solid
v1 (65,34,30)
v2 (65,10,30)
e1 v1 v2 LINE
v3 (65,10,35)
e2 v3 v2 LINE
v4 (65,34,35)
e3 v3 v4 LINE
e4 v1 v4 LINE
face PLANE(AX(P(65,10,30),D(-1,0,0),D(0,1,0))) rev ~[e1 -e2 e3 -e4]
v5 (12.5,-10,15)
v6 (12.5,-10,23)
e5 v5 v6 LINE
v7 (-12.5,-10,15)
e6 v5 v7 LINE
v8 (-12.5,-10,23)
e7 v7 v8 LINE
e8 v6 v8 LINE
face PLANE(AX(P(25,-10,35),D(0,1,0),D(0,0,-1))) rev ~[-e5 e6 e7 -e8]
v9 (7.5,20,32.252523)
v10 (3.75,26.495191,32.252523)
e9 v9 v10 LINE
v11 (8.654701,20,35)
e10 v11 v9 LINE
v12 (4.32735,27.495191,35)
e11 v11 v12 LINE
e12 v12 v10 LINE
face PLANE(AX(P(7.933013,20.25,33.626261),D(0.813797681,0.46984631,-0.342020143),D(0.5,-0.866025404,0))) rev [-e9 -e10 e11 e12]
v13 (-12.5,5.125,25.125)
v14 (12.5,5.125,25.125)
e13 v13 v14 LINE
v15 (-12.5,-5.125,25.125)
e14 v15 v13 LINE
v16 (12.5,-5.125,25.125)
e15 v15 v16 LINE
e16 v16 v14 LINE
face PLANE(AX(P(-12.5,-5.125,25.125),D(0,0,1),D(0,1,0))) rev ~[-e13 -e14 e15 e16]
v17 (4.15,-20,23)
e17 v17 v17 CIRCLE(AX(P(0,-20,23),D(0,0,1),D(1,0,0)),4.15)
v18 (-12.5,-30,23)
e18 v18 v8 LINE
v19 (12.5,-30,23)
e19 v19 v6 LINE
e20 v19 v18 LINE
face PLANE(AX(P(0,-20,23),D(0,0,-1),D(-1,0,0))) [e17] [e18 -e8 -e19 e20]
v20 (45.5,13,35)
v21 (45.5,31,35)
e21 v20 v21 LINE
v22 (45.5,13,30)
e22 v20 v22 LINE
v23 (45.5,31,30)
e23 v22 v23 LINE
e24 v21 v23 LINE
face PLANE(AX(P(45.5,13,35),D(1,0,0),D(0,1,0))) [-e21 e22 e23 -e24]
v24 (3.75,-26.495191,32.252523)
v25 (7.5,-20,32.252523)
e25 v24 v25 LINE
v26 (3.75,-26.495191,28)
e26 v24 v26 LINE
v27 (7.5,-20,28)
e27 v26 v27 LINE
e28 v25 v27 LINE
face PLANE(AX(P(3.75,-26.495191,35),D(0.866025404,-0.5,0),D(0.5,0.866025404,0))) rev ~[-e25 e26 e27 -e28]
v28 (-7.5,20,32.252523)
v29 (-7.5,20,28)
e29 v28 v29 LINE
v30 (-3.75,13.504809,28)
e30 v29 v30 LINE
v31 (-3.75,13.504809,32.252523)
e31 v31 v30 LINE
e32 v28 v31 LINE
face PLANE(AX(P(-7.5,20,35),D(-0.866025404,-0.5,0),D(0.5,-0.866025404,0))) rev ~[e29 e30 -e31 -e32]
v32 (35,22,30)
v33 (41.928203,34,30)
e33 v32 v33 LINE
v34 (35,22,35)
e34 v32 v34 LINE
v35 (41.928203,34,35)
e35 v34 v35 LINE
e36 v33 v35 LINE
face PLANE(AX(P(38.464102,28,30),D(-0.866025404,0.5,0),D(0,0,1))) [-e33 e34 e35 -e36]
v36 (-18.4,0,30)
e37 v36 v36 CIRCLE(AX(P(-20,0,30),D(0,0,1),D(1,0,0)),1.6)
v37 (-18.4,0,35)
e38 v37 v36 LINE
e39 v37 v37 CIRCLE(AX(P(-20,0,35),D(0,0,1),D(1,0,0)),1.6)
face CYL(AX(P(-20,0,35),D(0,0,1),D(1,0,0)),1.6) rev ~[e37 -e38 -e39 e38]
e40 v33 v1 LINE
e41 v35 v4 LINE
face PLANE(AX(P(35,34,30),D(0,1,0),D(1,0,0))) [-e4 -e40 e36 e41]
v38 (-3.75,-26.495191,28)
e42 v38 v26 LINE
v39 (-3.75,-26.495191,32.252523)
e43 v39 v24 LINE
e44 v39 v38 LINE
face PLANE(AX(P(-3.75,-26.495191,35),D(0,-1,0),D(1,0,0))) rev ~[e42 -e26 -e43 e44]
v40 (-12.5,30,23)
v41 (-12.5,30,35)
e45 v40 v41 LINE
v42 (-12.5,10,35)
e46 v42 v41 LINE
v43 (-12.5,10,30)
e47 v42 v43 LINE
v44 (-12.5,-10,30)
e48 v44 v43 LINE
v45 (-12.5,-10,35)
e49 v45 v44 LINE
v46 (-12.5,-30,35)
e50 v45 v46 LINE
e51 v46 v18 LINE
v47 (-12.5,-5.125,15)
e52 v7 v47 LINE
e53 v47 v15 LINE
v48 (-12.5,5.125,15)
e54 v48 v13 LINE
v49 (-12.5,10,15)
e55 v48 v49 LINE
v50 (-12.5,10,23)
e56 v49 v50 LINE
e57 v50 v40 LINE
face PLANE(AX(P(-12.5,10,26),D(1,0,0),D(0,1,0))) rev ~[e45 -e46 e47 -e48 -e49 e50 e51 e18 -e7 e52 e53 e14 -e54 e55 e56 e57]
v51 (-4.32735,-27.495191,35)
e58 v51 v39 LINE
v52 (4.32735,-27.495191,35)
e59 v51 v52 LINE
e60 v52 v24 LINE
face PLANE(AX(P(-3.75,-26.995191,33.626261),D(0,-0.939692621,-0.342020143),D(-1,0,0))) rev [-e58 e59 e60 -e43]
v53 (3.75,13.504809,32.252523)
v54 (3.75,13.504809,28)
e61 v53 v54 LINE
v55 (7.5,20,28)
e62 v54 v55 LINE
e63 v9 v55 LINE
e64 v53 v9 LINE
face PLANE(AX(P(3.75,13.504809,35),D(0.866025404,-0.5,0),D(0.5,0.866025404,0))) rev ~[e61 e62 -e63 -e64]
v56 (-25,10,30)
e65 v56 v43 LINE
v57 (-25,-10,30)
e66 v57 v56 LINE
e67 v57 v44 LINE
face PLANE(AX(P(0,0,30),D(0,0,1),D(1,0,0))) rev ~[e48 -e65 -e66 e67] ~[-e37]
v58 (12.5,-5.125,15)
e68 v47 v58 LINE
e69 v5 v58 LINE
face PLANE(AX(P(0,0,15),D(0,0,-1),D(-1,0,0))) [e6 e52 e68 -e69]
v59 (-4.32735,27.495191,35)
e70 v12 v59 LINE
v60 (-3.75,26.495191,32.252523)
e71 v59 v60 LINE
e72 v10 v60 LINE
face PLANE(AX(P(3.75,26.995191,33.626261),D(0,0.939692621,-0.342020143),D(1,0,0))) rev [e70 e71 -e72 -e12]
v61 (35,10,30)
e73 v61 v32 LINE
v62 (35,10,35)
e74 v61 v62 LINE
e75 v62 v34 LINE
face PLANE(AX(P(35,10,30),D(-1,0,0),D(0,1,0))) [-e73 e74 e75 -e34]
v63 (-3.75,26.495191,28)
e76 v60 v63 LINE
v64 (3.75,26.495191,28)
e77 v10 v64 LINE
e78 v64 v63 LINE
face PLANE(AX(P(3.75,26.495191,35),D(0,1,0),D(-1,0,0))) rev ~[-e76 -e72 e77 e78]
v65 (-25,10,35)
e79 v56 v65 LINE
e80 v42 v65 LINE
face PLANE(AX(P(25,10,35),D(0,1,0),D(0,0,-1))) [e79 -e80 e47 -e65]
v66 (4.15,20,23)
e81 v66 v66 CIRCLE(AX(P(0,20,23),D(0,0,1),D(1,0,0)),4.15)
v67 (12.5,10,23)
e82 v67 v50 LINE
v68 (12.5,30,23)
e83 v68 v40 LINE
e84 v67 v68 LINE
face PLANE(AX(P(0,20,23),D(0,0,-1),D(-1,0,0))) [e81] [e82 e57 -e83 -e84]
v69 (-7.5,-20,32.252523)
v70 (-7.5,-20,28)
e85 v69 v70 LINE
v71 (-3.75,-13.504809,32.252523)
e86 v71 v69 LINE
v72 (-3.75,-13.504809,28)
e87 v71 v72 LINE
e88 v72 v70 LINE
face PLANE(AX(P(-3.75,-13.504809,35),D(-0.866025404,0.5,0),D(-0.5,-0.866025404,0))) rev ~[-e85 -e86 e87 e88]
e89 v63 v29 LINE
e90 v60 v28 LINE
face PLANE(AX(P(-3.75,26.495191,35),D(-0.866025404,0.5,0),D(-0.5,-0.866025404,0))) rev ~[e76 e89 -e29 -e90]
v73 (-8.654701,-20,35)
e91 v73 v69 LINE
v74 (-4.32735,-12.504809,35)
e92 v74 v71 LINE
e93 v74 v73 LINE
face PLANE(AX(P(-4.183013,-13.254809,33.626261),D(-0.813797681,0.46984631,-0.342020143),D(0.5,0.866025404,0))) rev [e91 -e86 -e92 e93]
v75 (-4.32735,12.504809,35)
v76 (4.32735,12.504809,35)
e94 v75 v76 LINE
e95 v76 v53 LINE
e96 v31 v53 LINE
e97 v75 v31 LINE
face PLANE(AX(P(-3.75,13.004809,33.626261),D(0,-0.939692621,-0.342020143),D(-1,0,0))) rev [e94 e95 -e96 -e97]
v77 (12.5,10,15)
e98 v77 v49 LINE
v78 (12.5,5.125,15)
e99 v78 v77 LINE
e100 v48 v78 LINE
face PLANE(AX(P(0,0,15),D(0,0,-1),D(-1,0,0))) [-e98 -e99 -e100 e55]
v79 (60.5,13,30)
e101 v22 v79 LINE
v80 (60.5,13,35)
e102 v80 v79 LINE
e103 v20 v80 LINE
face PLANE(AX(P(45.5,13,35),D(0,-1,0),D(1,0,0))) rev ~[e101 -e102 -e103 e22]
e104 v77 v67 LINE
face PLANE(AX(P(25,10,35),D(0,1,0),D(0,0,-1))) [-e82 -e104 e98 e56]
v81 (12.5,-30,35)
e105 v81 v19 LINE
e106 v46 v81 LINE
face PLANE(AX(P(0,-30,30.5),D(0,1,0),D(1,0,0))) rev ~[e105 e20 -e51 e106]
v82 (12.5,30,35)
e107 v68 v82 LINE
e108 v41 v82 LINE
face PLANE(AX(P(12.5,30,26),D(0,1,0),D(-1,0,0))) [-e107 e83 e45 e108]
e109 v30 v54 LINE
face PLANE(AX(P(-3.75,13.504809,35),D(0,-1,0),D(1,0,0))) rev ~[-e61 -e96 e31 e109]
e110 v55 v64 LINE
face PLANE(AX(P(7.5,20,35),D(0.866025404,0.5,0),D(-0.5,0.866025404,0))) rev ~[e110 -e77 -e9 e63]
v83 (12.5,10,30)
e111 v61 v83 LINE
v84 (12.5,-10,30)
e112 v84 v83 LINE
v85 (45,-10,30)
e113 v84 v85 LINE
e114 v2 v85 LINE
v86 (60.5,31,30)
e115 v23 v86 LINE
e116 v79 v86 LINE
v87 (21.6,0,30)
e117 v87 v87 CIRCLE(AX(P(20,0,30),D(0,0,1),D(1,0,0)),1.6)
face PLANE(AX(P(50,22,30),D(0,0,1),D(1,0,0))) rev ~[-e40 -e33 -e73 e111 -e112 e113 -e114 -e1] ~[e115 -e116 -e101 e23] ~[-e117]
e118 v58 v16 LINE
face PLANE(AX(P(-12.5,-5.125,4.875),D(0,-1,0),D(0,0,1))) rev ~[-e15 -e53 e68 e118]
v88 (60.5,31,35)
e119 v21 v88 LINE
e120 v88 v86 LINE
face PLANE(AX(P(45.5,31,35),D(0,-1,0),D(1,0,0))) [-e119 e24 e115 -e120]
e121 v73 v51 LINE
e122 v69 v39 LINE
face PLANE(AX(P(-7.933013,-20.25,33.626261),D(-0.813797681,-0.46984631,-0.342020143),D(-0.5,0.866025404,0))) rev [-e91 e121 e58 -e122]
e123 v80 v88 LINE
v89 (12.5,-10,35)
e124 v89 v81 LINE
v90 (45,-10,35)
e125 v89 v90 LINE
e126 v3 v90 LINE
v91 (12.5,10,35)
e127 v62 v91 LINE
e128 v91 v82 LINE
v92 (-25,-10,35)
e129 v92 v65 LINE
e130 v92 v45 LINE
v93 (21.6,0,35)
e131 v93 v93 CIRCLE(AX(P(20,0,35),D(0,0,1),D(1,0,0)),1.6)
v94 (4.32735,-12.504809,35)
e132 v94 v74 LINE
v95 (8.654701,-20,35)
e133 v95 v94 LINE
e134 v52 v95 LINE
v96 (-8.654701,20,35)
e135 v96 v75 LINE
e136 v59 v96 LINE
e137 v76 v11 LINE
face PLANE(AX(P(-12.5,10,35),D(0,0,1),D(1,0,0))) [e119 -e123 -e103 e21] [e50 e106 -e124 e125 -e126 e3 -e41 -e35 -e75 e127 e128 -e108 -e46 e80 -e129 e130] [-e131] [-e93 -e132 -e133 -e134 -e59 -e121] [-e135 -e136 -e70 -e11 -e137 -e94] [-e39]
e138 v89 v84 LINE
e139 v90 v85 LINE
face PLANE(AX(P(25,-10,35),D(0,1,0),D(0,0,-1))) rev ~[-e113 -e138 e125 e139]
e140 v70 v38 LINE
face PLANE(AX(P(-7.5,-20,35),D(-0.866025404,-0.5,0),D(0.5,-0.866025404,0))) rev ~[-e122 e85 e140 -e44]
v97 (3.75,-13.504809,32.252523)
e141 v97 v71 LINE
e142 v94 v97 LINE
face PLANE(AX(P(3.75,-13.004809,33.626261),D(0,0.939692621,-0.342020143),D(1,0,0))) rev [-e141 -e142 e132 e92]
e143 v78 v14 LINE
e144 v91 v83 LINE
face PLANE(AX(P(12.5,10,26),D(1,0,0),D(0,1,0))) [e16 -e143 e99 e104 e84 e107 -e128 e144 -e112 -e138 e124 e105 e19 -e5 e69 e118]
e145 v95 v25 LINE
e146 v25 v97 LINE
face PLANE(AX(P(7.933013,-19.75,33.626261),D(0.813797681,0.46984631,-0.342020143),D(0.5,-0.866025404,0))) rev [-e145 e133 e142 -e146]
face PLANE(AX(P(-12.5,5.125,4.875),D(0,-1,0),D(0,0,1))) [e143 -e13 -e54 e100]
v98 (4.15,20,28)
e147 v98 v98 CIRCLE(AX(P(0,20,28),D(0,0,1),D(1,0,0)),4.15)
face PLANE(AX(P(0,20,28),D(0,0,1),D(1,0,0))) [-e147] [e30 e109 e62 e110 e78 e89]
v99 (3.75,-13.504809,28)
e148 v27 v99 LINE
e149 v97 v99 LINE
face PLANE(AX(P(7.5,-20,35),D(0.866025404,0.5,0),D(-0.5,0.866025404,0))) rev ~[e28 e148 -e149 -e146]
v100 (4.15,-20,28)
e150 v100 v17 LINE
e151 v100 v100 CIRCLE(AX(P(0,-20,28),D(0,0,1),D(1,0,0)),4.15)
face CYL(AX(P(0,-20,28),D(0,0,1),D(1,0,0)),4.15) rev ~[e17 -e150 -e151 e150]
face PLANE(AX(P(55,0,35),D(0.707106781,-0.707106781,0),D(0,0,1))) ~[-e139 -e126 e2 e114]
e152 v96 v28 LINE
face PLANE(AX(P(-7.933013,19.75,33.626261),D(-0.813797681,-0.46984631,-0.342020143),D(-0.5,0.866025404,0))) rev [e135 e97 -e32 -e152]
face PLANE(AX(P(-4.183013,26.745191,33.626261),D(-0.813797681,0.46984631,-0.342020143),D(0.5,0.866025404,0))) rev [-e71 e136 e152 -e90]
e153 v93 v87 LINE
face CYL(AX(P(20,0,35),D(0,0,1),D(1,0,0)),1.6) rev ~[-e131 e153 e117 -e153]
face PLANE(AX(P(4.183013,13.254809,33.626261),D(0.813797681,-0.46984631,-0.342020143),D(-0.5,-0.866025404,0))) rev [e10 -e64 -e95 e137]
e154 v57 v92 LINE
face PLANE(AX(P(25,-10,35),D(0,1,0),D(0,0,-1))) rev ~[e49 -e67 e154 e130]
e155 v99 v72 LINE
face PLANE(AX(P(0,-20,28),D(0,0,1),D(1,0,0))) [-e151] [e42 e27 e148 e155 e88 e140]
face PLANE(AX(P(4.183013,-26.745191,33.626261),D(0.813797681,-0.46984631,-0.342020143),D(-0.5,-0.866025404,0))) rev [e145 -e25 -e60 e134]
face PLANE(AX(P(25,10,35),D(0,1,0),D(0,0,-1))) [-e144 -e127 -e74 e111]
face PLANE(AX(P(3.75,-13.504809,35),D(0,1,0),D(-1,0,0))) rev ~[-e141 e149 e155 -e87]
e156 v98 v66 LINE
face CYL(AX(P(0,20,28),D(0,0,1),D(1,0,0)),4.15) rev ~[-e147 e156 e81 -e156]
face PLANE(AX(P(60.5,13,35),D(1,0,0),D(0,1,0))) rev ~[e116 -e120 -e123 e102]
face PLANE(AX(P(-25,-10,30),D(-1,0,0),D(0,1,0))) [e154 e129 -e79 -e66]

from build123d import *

# Parameters (mm, degrees)
SKETCH2_W                = 25
SKETCH2_H                = 20
BOSS_EXTRUDE1_DEPTH      = 30
SKETCH3_W                = 20.25
SKETCH3_H                = 10.25
CUT_EXTRUDE1_DEPTH       = 26
SKETCH4_W                = 50
SKETCH4_H                = 20
BOSS_EXTRUDE2_DEPTH      = 5
SKETCH6_R                = 1.6
CUT_EXTRUDE2_DEPTH       = 36
SKETCH9_W                = 5
SKETCH9_H                = 20
BOSS_EXTRUDE3_DEPTH      = 40
BOSS_EXTRUDE5_START      = -5
SKETCH14_W               = 30
SKETCH14_H               = 24
BOSS_EXTRUDE5_DEPTH      = 5
SKETCH19_W               = 15
SKETCH19_H               = 18
CUT_EXTRUDE5_DEPTH       = 36
CHAMFER1_SIZE            = 12
CHAMFER1_SIZE2           = 6.92820323
CHAMFER2_SIZE            = 20
SKETCH20_W               = 25
SKETCH20_H               = 9
BOSS_EXTRUDE6_DEPTH      = 20
BOSS_EXTRUDE6_DEPTH_BACK = 40
SKETCH21_W               = 25
SKETCH21_H               = 20
CUT_EXTRUDE6_DEPTH       = 15
CUT_EXTRUDE7_DEPTH       = 7
SKETCH23_W               = 25
SKETCH23_H               = 20
BOSS_EXTRUDE7_DEPTH      = 3
SKETCH24_R               = 4.15
CUT_EXTRUDE8_DEPTH       = 14
CHAMFER3_SIZE            = 1
CHAMFER3_SIZE2           = 2.747477419


with BuildPart() as part:
    # Sketch2 → Boss-Extrude1 (new body)
    with BuildSketch(Plane.XY):
        Rectangle(SKETCH2_W, SKETCH2_H)
    extrude(amount=BOSS_EXTRUDE1_DEPTH)

    # Sketch3 → Cut-Extrude1 (cut, through all)
    with BuildSketch(Plane.ZY.offset(12.5)):
        with Locations((15, 0)):
            Rectangle(SKETCH3_W, SKETCH3_H)
    extrude(amount=-CUT_EXTRUDE1_DEPTH, mode=Mode.SUBTRACT)

    # Sketch4 → Boss-Extrude2 (add)
    with BuildSketch(Plane.XY.offset(30)):
        Rectangle(SKETCH4_W, SKETCH4_H)
    extrude(amount=BOSS_EXTRUDE2_DEPTH)

    # Sketch6 → Cut-Extrude2 (cut, through all)
    with BuildSketch(Plane.XY.offset(35)):
        with Locations((-20, 0)):
            Circle(SKETCH6_R)
        with Locations((20, 0)):
            Circle(SKETCH6_R)
    extrude(amount=-CUT_EXTRUDE2_DEPTH, mode=Mode.SUBTRACT)

    # Sketch9 → Boss-Extrude3 (add)
    with BuildSketch(Plane(origin=(25, 0, 0), x_dir=(0, 0, -1), z_dir=(1, 0, 0))):
        with Locations((-32.5, 0)):
            Rectangle(SKETCH9_W, SKETCH9_H)
    extrude(amount=BOSS_EXTRUDE3_DEPTH)

    # Sketch14 → Boss-Extrude5 (add)
    with BuildSketch(Plane.XY.offset(35).offset(BOSS_EXTRUDE5_START)):
        with Locations((50, 22)):
            Rectangle(SKETCH14_W, SKETCH14_H)
    extrude(amount=BOSS_EXTRUDE5_DEPTH)

    # Sketch19 → Cut-Extrude5 (cut, through all)
    with BuildSketch(Plane.XY.offset(35)):
        with Locations((53, 22)):
            Rectangle(SKETCH19_W, SKETCH19_H)
    extrude(amount=-CUT_EXTRUDE5_DEPTH, mode=Mode.SUBTRACT)

    # Chamfer1
    chamfer1_edges = [part.edges().sort_by_distance(p)[0] for p in [
        (35, 34, 32.5),
    ]]
    chamfer1_side = [part.faces().sort_by_distance(p)[0] for p in [
        (35, 22, 32.5),
    ]]
    chamfer(chamfer1_edges, length=CHAMFER1_SIZE, length2=CHAMFER1_SIZE2, reference=chamfer1_side[0])

    # Chamfer2
    chamfer2_edges = [part.edges().sort_by_distance(p)[0] for p in [
        (65, -10, 32.5),
    ]]
    chamfer(chamfer2_edges, length=CHAMFER2_SIZE)

    # Sketch20 → Boss-Extrude6 (add, two sides)
    with BuildSketch(Plane(origin=(0, 10, 0), x_dir=(1, 0, 0), z_dir=(0, 1, 0))) as boss_extrude6_sk:
        with Locations((0, -30.5)):
            Rectangle(SKETCH20_W, SKETCH20_H)
    extrude(amount=BOSS_EXTRUDE6_DEPTH)
    extrude(boss_extrude6_sk.sketch, amount=-BOSS_EXTRUDE6_DEPTH_BACK)

    # Sketch21 → Cut-Extrude6 (cut)
    with BuildSketch(Plane(origin=(0, 0, 0), x_dir=(-1, 0, 0), z_dir=(0, 0, -1))):
        Rectangle(SKETCH21_W, SKETCH21_H)
    extrude(amount=-CUT_EXTRUDE6_DEPTH, mode=Mode.SUBTRACT)

    # Sketch22 → Cut-Extrude7 (cut)
    with BuildSketch(Plane.XY.offset(35)):
        Polygon((7.5, 20), (3.75, 26.495190528), (-3.75, 26.495190528), (-7.5, 20), (-3.75, 13.504809472), (3.75, 13.504809472), align=None)
        Polygon((7.5, -20), (3.75, -13.504809472), (-3.75, -13.504809472), (-7.5, -20), (-3.75, -26.495190528), (3.75, -26.495190528), align=None)
    extrude(amount=-CUT_EXTRUDE7_DEPTH, mode=Mode.SUBTRACT)

    # Sketch23 → Boss-Extrude7 (add)
    with BuildSketch(Plane(origin=(0, 0, 26), x_dir=(-1, 0, 0), z_dir=(0, 0, -1))):
        with Locations((0, 20)):
            Rectangle(SKETCH23_W, SKETCH23_H)
        with Locations((0, -20)):
            Rectangle(SKETCH23_W, SKETCH23_H)
    extrude(amount=BOSS_EXTRUDE7_DEPTH)

    # Sketch24 → Cut-Extrude8 (cut, through all)
    with BuildSketch(Plane.XY.offset(28)):
        with Locations((0, 20)):
            Circle(SKETCH24_R)
        with Locations((0, -20)):
            Circle(SKETCH24_R)
    extrude(amount=-CUT_EXTRUDE8_DEPTH, mode=Mode.SUBTRACT)

    # Chamfer3
    chamfer3_edges = [part.edges().sort_by_distance(p)[0] for p in [
        (5.625, 16.752404736, 35),
        (5.625, 23.247595264, 35),
        (0, 26.495190528, 35),
        (-5.625, 23.247595264, 35),
        (-5.625, 16.752404736, 35),
        (0, 13.504809472, 35),
        (5.625, -23.247595264, 35),
        (5.625, -16.752404736, 35),
        (0, -13.504809472, 35),
        (-5.625, -16.752404736, 35),
        (-5.625, -23.247595264, 35),
        (0, -26.495190528, 35),
    ]]
    chamfer3_side = [part.faces().sort_by_distance(p)[0] for p in [
        (16.470883445, 3.451620449, 35),
    ]]
    chamfer(chamfer3_edges, length=CHAMFER3_SIZE, length2=CHAMFER3_SIZE2, reference=chamfer3_side[0])


solid = part.part
